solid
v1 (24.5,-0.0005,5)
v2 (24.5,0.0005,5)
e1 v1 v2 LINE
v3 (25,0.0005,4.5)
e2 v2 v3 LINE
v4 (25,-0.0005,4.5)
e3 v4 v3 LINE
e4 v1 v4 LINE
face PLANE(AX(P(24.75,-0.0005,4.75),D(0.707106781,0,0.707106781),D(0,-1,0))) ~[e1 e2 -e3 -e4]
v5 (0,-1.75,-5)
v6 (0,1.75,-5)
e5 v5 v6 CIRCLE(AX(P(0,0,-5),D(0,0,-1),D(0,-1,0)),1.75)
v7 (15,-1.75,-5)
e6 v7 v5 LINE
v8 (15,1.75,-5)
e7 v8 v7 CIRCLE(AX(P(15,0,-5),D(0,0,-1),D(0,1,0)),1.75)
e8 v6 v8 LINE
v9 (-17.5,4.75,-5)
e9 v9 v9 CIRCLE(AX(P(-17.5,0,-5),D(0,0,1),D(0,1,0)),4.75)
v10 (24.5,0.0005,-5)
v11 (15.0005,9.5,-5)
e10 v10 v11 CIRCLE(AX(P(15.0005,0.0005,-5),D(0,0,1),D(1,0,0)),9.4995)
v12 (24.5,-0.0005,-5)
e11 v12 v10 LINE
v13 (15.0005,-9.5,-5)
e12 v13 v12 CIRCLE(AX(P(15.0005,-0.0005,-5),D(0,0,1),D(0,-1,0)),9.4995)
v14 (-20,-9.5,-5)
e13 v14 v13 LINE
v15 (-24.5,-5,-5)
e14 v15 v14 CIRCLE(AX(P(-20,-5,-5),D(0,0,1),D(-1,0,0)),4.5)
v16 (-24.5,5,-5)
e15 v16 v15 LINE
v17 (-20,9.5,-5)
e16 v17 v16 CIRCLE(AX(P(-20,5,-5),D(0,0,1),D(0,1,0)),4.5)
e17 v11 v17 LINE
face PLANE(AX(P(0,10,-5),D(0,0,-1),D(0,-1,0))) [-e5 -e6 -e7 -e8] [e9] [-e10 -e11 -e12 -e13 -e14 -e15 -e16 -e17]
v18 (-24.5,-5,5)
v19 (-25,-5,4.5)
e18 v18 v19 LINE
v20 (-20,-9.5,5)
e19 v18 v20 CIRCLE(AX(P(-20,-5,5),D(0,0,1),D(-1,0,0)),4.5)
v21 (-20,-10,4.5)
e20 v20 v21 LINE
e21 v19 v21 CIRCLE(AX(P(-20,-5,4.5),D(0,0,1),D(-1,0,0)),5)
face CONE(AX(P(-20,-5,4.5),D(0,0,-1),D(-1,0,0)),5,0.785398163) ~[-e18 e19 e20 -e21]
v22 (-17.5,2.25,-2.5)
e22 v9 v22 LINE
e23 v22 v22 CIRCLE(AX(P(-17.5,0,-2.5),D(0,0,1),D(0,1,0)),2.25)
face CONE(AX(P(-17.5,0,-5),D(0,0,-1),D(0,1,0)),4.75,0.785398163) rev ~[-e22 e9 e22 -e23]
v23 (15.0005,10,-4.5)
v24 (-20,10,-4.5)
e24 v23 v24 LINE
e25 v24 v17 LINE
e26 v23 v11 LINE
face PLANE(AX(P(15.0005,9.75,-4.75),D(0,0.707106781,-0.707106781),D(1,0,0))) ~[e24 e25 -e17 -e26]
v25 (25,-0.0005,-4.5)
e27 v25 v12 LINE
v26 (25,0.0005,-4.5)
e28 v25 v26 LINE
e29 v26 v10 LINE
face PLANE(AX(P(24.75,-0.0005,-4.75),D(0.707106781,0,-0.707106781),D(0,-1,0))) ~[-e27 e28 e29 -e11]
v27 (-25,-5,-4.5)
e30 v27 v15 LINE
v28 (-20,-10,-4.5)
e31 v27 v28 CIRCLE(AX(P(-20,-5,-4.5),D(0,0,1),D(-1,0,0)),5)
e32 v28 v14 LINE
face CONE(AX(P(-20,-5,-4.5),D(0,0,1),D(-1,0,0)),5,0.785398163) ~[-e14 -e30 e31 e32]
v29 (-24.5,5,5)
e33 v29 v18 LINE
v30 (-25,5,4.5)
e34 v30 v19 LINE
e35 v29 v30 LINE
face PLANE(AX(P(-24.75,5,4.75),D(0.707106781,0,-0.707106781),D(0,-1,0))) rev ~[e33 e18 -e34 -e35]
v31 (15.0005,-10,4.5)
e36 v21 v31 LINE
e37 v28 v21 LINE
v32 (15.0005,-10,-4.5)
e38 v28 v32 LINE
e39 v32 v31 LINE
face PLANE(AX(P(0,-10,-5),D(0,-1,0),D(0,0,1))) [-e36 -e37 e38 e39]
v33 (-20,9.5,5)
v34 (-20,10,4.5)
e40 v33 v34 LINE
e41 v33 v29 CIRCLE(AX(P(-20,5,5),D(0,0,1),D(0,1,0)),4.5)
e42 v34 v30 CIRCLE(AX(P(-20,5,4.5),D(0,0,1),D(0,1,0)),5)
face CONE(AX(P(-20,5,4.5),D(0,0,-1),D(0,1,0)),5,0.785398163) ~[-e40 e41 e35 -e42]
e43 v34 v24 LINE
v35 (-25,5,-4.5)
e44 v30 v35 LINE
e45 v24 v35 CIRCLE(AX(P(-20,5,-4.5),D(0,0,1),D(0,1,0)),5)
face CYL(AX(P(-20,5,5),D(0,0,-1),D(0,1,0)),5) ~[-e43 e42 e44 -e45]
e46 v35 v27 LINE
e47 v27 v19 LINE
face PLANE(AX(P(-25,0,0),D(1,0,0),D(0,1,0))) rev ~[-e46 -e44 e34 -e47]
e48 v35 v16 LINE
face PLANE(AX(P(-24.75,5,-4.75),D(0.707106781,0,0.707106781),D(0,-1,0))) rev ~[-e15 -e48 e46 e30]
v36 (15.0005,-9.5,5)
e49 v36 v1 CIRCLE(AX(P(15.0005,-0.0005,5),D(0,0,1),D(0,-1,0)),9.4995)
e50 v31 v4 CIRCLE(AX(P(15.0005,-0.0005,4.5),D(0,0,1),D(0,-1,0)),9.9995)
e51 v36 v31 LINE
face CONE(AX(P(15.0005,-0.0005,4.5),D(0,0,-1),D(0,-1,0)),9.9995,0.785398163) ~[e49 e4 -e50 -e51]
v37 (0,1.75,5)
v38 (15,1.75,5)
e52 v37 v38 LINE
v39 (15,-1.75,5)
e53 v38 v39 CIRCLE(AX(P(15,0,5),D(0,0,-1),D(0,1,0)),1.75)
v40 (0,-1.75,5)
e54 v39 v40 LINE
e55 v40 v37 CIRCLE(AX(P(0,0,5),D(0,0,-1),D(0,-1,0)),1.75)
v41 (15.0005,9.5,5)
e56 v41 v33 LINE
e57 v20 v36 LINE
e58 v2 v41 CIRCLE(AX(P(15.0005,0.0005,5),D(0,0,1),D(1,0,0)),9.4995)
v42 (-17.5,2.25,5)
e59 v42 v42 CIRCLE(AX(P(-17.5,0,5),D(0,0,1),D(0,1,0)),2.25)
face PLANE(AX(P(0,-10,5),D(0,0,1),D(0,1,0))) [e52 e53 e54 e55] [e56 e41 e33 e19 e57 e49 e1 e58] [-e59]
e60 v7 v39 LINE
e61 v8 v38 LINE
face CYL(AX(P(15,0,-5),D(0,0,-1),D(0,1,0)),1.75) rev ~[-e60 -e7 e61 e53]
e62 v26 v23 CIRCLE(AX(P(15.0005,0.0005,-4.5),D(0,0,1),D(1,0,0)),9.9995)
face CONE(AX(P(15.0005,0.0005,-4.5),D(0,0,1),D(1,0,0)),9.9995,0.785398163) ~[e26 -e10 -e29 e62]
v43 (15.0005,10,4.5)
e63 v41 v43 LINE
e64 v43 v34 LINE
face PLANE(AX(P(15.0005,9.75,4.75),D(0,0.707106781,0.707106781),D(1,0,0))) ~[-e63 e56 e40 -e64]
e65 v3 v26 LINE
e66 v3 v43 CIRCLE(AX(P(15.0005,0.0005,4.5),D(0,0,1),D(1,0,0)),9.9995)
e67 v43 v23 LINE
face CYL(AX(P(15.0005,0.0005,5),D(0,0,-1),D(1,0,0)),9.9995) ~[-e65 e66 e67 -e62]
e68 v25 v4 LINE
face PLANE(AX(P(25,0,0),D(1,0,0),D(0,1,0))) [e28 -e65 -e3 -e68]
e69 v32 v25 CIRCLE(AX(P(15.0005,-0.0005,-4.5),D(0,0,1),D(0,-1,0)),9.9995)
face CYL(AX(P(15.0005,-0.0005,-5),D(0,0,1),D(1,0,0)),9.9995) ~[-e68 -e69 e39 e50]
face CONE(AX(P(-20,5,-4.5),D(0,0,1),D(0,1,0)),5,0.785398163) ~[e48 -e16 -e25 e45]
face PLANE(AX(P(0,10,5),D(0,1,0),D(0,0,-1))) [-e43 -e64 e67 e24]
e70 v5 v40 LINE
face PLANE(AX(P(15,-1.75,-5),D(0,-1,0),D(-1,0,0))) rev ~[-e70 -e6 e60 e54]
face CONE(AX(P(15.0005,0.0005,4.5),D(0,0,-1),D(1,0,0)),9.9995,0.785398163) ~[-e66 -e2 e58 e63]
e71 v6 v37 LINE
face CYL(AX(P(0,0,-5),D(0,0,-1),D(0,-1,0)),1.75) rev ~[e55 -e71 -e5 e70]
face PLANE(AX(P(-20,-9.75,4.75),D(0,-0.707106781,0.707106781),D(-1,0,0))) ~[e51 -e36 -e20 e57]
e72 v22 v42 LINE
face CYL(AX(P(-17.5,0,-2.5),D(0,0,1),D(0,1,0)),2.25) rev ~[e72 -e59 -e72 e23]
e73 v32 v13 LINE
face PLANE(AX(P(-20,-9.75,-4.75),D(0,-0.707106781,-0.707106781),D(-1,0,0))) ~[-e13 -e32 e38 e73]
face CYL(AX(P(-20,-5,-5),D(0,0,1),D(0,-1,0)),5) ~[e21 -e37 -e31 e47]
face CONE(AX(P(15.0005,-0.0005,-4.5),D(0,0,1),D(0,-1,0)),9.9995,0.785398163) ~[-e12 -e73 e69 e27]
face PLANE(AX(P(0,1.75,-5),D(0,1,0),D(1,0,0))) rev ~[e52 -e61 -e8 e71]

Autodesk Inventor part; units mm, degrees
ref_plane "YZ Plane" through (0, 0, 0) normal (1, 0, 0) x (0, 1, 0)
ref_plane "XZ Plane" through (0, 0, 0) normal (0, 1, 0) x (-1, 0, 0)
ref_plane "XY Plane" through (0, 0, 0) normal (0, 0, 1) x (1, 0, 0)
sketch "Sketch1" plane through (0, 0, 0) normal (1, 0, 0) x (0, 1, 0)
  line L0 (-10, 5) -> (10, 5)
  line L1 (10, 5) -> (10, -5)
  line L2 (10, -5) -> (-10, -5)
  line L3 (-10, -5) -> (-10, 5)
  line L4 (-10, 5) -> (10, -5) construction
  line L5 (10, 5) -> (-10, -5) construction
  point P0 (0, 0)
  dimension "Width" = 20
  dimension "Thickness" = 10
extrude "Extrusion1" add sketch "Sketch1" along normal mid plane 50
sketch "Sketch6" plane through (25, 10, -5) normal (0, 0, -1) x (-1, 0, 0)
  line L0 (50, 0) -> (50, -20) projected
  line L1 (50, 0) -> (0, 0) projected
  point P0 (25, -10)
  point P1 (42.5, -10)
  dimension "d40" = 7.5
  dimension "d56" = 10
hole "Hole5" at (-17.5, 0, -5) direction (0, 0, 1) diameter 4.5 depth 10.65 tip angle 118 countersink diameter 9.5 countersink angle 90
sketch "Sketch7" plane through (-25, -10, 5) normal (0, 0, 1) x (1, 0, 0)
  point P0 (25, 10)
fillet "Fillet1" radius 10 2 edges at (25, 10, 0) (25, -10, 0)
sketch "Sketch9" plane through (-25, -10, -5) normal (0, 0, -1) x (-1, 0, 0)
  line L0 (-25, 10) -> (-40, 10) construction
  line L1 (-25, 11.75) -> (-40, 11.75)
  line L2 (-40, 8.25) -> (-25, 8.25)
  arc A0 (-25, 8.25) -> (-25, 11.75) centre (-25, 10) ccw
  arc A1 (-40, 11.75) -> (-40, 8.25) centre (-40, 10) ccw
  line L3 (0, 20) -> (0, 0) projected
  line L4 (-40, 0) -> (0, 0) projected
  point P0 (-32.5, 10)
  dimension "d58" = 15
  dimension "d59" = 25
  dimension "d60" = 10
  dimension "d62" = 3.5
extrude "Extrusion2" cut sketch "Sketch9" against normal blind 10
fillet "Fillet2" radius 5 2 edges at (-25, 10, 0) (-25, -10, 0)
chamfer "Chamfer1" distance 0.5 angle 45 12 edges at (-2.4997, 10, -5) (22.0712, 7.0712, -5) (-2.4997, -10, -5) (-23.5355, -8.5355, -5) (-25, 0, -5) (-23.5355, 8.5355, -5) (-2.4997, 10, 5) (22.0712, 7.0712, 5) (-2.4997, -10, 5) (-23.5355, -8.5355, 5) (-25, 0, 5) (-23.5355, 8.5355, 5)
properties part number "Bell Support Beam" material "Brass, Soft Yellow"
